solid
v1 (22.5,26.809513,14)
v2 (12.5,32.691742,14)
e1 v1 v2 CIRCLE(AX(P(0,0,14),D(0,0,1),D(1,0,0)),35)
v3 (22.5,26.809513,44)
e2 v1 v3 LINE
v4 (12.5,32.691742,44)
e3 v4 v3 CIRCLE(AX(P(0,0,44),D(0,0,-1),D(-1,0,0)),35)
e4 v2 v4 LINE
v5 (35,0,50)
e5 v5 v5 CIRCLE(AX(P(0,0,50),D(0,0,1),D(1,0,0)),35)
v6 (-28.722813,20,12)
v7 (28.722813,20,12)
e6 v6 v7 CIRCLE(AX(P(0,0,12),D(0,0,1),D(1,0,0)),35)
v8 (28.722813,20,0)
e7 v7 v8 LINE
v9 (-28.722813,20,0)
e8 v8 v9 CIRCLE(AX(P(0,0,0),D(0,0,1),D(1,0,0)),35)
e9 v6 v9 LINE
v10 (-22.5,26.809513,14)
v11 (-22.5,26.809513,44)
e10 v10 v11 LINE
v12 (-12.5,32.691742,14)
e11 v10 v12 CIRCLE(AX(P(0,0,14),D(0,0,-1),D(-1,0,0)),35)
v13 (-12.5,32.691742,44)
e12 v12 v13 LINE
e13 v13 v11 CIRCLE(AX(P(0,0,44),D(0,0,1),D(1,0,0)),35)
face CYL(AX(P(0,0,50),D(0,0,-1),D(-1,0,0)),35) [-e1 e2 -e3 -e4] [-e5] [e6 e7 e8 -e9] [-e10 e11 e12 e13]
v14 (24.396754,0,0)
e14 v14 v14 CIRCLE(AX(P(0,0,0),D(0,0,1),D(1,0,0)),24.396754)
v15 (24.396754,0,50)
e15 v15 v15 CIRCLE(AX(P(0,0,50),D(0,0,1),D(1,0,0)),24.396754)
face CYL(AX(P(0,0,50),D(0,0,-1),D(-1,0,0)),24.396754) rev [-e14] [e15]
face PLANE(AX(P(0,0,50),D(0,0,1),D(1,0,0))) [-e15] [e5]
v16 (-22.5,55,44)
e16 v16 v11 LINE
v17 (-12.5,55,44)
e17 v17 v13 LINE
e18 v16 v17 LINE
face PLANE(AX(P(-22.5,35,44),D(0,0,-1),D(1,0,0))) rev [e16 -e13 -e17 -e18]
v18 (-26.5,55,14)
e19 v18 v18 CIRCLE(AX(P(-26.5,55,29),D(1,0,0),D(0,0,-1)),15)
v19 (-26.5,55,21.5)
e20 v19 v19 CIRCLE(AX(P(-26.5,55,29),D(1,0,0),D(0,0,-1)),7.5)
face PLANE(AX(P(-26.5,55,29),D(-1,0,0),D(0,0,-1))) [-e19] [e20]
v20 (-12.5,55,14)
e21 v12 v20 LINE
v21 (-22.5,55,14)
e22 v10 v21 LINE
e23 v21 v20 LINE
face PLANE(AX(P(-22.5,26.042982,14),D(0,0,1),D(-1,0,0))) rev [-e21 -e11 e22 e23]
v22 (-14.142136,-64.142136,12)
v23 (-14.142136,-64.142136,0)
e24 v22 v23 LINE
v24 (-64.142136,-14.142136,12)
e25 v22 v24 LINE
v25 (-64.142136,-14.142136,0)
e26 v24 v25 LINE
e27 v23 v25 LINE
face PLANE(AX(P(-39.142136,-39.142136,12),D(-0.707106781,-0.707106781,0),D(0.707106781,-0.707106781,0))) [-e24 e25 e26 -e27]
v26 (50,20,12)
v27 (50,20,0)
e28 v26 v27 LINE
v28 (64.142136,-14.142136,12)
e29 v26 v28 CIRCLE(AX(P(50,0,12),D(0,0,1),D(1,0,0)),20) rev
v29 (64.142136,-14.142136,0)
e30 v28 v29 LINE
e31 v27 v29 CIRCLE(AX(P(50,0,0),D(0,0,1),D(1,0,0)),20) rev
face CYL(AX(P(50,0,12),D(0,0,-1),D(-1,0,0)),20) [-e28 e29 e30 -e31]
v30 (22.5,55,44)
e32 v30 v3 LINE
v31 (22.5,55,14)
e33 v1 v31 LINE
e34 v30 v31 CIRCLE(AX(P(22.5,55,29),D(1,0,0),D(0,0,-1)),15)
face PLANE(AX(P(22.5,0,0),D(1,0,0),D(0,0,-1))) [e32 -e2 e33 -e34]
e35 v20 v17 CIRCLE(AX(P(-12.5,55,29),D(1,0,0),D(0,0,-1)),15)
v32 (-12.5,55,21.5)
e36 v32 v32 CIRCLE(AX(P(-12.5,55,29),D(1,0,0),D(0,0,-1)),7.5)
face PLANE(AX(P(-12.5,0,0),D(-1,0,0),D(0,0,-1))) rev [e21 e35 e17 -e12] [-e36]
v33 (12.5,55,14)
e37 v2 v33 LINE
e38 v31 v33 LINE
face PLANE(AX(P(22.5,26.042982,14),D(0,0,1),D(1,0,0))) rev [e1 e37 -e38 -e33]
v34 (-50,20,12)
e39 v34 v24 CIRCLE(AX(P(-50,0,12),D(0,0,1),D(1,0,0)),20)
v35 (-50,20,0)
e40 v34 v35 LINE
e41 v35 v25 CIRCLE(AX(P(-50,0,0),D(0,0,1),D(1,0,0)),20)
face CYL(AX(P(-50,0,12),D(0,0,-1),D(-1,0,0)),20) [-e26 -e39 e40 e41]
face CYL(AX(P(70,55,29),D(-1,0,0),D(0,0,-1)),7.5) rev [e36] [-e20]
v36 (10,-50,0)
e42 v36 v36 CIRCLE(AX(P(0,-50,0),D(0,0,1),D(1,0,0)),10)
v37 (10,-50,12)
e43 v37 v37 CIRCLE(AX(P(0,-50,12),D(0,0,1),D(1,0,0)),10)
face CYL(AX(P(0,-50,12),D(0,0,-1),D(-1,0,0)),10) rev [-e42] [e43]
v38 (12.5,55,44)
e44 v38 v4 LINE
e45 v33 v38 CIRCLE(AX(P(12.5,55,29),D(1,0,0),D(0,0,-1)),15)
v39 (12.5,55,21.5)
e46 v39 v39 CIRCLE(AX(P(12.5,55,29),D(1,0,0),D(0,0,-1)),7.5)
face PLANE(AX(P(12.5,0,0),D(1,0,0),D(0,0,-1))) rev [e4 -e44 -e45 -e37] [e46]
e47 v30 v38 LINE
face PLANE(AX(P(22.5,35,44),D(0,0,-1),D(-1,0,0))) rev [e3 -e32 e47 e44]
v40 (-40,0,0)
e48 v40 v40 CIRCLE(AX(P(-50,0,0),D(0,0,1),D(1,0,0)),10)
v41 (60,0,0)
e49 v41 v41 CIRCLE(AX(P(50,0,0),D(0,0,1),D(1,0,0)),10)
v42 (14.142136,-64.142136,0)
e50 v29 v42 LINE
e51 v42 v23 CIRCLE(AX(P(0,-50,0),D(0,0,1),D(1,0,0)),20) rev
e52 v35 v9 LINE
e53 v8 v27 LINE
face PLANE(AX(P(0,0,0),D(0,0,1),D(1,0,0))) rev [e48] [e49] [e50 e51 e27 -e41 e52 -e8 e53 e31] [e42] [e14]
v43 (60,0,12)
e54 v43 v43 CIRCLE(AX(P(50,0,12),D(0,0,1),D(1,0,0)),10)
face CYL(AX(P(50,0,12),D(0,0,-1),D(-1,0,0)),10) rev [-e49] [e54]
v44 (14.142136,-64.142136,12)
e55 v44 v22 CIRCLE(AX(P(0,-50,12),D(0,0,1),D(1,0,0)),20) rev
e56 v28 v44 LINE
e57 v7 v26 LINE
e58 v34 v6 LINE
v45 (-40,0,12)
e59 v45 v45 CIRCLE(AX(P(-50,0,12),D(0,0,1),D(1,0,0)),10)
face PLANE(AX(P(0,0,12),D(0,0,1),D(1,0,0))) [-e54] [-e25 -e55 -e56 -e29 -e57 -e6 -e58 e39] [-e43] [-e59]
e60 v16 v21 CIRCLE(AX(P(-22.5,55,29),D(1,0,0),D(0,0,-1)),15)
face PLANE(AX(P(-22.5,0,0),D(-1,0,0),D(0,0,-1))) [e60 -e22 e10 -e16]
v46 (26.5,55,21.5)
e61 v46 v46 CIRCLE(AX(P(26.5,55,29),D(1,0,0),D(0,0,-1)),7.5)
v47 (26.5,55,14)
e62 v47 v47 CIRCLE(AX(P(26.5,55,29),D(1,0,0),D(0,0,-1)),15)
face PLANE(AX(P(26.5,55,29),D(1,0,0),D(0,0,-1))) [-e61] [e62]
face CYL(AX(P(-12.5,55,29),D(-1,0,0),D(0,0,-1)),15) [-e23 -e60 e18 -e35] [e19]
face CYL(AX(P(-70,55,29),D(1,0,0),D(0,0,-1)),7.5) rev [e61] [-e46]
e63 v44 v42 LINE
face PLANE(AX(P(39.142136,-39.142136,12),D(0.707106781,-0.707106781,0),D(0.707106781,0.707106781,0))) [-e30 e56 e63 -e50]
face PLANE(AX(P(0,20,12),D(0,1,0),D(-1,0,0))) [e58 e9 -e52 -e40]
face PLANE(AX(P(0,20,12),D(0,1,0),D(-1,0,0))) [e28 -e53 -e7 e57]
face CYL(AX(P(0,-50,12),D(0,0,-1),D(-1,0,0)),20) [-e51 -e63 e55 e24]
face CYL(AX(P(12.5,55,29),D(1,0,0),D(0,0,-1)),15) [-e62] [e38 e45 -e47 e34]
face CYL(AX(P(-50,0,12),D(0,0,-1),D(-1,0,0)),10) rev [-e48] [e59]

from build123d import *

# Parameters (mm, degrees)
SKETCH1_R                = 10
BOSS_EXTRUDE1_DEPTH      = 12
SKETCH1_3_R              = 35
SKETCH1_3_R_2            = 24.39675389
BOSS_EXTRUDE2_DEPTH      = 50
BOSS_EXTRUDE3_START      = 12.5
BOSS_EXTRUDE3_DEPTH      = 10
BOSS_EXTRUDE4_DEPTH      = 4
BOSS_EXTRUDE4_DEPTH_BACK = 10
SKETCH3_R                = 15
SKETCH4_R                = 7.5
CUT_EXTRUDE1_DEPTH       = 130.275867818


with BuildPart() as part:
    # Sketch1 → Boss-Extrude1 (new body)
    with BuildSketch(Plane.XY):
        with BuildLine():
            Line((-28.722813233, 20), (-50, 20))
            ThreePointArc((-50, 20), (-68.47759065, 7.653668647), (-64.142135624, -14.142135624))
            Line((-64.142135624, -14.142135624), (-14.142135624, -64.142135624))
            ThreePointArc((-14.142135624, -64.142135624), (0, -70), (14.142135624, -64.142135624))
            Line((14.142135624, -64.142135624), (64.142135624, -14.142135624))
            ThreePointArc((64.142135624, -14.142135624), (68.47759065, 7.653668647), (50, 20))
            Line((50, 20), (28.722813233, 20))
            ThreePointArc((28.722813233, 20), (33.393850206, 10.480971731), (35, 0))
            ThreePointArc((35, 0), (-10.480971731, -33.393850206), (-28.722813233, 20))
        make_face()
        with Locations((0, -50)):
            Circle(SKETCH1_R, mode=Mode.SUBTRACT)
        with Locations((-50, 0)):
            Circle(SKETCH1_R, mode=Mode.SUBTRACT)
        with Locations((50, 0)):
            Circle(SKETCH1_R, mode=Mode.SUBTRACT)
    extrude(amount=BOSS_EXTRUDE1_DEPTH)

    # Sketch1<3> → Boss-Extrude2 (add)
    with BuildSketch(Plane.XY):
        Circle(SKETCH1_3_R)
        Circle(SKETCH1_3_R_2, mode=Mode.SUBTRACT)
    extrude(amount=BOSS_EXTRUDE2_DEPTH)

    # Sketch2 → Boss-Extrude3 (add)
    with BuildSketch(Plane(origin=(0, 0, 0), x_dir=(0, 0, -1), z_dir=(1, 0, 0)).offset(BOSS_EXTRUDE3_START)):
        Polygon((-44, 35), (-44, 26.042981562), (-14, 26.042981562), (-14, 55), (-44, 55), align=None)
    extrude(amount=BOSS_EXTRUDE3_DEPTH)

    # Sketch3 → Boss-Extrude4 (add, two sides: drawn at the far end of the back side and taken through both)
    with BuildSketch(Plane(origin=(22.5, 0, 0), x_dir=(0, 0, -1), z_dir=(1, 0, 0)).offset(-BOSS_EXTRUDE4_DEPTH_BACK)):
        with Locations((-29, 55)):
            Circle(SKETCH3_R)
    extrude(amount=BOSS_EXTRUDE4_DEPTH + BOSS_EXTRUDE4_DEPTH_BACK)

    # Sketch4 → Cut-Extrude1 (cut, through all)
    with BuildSketch(Plane(origin=(26.5, 0, 0), x_dir=(0, 0, -1), z_dir=(1, 0, 0))):
        with Locations((-29, 55)):
            Circle(SKETCH4_R)
    extrude(amount=-CUT_EXTRUDE1_DEPTH, mode=Mode.SUBTRACT)

    # Mirror1: part across plane


with BuildPart() as part_1:
    add(part.part)
    add(part.part.mirror(Plane(origin=(0, 0, 0), x_dir=(0, 0, 1), z_dir=(1, 0, 0))))


solid = part_1.part
